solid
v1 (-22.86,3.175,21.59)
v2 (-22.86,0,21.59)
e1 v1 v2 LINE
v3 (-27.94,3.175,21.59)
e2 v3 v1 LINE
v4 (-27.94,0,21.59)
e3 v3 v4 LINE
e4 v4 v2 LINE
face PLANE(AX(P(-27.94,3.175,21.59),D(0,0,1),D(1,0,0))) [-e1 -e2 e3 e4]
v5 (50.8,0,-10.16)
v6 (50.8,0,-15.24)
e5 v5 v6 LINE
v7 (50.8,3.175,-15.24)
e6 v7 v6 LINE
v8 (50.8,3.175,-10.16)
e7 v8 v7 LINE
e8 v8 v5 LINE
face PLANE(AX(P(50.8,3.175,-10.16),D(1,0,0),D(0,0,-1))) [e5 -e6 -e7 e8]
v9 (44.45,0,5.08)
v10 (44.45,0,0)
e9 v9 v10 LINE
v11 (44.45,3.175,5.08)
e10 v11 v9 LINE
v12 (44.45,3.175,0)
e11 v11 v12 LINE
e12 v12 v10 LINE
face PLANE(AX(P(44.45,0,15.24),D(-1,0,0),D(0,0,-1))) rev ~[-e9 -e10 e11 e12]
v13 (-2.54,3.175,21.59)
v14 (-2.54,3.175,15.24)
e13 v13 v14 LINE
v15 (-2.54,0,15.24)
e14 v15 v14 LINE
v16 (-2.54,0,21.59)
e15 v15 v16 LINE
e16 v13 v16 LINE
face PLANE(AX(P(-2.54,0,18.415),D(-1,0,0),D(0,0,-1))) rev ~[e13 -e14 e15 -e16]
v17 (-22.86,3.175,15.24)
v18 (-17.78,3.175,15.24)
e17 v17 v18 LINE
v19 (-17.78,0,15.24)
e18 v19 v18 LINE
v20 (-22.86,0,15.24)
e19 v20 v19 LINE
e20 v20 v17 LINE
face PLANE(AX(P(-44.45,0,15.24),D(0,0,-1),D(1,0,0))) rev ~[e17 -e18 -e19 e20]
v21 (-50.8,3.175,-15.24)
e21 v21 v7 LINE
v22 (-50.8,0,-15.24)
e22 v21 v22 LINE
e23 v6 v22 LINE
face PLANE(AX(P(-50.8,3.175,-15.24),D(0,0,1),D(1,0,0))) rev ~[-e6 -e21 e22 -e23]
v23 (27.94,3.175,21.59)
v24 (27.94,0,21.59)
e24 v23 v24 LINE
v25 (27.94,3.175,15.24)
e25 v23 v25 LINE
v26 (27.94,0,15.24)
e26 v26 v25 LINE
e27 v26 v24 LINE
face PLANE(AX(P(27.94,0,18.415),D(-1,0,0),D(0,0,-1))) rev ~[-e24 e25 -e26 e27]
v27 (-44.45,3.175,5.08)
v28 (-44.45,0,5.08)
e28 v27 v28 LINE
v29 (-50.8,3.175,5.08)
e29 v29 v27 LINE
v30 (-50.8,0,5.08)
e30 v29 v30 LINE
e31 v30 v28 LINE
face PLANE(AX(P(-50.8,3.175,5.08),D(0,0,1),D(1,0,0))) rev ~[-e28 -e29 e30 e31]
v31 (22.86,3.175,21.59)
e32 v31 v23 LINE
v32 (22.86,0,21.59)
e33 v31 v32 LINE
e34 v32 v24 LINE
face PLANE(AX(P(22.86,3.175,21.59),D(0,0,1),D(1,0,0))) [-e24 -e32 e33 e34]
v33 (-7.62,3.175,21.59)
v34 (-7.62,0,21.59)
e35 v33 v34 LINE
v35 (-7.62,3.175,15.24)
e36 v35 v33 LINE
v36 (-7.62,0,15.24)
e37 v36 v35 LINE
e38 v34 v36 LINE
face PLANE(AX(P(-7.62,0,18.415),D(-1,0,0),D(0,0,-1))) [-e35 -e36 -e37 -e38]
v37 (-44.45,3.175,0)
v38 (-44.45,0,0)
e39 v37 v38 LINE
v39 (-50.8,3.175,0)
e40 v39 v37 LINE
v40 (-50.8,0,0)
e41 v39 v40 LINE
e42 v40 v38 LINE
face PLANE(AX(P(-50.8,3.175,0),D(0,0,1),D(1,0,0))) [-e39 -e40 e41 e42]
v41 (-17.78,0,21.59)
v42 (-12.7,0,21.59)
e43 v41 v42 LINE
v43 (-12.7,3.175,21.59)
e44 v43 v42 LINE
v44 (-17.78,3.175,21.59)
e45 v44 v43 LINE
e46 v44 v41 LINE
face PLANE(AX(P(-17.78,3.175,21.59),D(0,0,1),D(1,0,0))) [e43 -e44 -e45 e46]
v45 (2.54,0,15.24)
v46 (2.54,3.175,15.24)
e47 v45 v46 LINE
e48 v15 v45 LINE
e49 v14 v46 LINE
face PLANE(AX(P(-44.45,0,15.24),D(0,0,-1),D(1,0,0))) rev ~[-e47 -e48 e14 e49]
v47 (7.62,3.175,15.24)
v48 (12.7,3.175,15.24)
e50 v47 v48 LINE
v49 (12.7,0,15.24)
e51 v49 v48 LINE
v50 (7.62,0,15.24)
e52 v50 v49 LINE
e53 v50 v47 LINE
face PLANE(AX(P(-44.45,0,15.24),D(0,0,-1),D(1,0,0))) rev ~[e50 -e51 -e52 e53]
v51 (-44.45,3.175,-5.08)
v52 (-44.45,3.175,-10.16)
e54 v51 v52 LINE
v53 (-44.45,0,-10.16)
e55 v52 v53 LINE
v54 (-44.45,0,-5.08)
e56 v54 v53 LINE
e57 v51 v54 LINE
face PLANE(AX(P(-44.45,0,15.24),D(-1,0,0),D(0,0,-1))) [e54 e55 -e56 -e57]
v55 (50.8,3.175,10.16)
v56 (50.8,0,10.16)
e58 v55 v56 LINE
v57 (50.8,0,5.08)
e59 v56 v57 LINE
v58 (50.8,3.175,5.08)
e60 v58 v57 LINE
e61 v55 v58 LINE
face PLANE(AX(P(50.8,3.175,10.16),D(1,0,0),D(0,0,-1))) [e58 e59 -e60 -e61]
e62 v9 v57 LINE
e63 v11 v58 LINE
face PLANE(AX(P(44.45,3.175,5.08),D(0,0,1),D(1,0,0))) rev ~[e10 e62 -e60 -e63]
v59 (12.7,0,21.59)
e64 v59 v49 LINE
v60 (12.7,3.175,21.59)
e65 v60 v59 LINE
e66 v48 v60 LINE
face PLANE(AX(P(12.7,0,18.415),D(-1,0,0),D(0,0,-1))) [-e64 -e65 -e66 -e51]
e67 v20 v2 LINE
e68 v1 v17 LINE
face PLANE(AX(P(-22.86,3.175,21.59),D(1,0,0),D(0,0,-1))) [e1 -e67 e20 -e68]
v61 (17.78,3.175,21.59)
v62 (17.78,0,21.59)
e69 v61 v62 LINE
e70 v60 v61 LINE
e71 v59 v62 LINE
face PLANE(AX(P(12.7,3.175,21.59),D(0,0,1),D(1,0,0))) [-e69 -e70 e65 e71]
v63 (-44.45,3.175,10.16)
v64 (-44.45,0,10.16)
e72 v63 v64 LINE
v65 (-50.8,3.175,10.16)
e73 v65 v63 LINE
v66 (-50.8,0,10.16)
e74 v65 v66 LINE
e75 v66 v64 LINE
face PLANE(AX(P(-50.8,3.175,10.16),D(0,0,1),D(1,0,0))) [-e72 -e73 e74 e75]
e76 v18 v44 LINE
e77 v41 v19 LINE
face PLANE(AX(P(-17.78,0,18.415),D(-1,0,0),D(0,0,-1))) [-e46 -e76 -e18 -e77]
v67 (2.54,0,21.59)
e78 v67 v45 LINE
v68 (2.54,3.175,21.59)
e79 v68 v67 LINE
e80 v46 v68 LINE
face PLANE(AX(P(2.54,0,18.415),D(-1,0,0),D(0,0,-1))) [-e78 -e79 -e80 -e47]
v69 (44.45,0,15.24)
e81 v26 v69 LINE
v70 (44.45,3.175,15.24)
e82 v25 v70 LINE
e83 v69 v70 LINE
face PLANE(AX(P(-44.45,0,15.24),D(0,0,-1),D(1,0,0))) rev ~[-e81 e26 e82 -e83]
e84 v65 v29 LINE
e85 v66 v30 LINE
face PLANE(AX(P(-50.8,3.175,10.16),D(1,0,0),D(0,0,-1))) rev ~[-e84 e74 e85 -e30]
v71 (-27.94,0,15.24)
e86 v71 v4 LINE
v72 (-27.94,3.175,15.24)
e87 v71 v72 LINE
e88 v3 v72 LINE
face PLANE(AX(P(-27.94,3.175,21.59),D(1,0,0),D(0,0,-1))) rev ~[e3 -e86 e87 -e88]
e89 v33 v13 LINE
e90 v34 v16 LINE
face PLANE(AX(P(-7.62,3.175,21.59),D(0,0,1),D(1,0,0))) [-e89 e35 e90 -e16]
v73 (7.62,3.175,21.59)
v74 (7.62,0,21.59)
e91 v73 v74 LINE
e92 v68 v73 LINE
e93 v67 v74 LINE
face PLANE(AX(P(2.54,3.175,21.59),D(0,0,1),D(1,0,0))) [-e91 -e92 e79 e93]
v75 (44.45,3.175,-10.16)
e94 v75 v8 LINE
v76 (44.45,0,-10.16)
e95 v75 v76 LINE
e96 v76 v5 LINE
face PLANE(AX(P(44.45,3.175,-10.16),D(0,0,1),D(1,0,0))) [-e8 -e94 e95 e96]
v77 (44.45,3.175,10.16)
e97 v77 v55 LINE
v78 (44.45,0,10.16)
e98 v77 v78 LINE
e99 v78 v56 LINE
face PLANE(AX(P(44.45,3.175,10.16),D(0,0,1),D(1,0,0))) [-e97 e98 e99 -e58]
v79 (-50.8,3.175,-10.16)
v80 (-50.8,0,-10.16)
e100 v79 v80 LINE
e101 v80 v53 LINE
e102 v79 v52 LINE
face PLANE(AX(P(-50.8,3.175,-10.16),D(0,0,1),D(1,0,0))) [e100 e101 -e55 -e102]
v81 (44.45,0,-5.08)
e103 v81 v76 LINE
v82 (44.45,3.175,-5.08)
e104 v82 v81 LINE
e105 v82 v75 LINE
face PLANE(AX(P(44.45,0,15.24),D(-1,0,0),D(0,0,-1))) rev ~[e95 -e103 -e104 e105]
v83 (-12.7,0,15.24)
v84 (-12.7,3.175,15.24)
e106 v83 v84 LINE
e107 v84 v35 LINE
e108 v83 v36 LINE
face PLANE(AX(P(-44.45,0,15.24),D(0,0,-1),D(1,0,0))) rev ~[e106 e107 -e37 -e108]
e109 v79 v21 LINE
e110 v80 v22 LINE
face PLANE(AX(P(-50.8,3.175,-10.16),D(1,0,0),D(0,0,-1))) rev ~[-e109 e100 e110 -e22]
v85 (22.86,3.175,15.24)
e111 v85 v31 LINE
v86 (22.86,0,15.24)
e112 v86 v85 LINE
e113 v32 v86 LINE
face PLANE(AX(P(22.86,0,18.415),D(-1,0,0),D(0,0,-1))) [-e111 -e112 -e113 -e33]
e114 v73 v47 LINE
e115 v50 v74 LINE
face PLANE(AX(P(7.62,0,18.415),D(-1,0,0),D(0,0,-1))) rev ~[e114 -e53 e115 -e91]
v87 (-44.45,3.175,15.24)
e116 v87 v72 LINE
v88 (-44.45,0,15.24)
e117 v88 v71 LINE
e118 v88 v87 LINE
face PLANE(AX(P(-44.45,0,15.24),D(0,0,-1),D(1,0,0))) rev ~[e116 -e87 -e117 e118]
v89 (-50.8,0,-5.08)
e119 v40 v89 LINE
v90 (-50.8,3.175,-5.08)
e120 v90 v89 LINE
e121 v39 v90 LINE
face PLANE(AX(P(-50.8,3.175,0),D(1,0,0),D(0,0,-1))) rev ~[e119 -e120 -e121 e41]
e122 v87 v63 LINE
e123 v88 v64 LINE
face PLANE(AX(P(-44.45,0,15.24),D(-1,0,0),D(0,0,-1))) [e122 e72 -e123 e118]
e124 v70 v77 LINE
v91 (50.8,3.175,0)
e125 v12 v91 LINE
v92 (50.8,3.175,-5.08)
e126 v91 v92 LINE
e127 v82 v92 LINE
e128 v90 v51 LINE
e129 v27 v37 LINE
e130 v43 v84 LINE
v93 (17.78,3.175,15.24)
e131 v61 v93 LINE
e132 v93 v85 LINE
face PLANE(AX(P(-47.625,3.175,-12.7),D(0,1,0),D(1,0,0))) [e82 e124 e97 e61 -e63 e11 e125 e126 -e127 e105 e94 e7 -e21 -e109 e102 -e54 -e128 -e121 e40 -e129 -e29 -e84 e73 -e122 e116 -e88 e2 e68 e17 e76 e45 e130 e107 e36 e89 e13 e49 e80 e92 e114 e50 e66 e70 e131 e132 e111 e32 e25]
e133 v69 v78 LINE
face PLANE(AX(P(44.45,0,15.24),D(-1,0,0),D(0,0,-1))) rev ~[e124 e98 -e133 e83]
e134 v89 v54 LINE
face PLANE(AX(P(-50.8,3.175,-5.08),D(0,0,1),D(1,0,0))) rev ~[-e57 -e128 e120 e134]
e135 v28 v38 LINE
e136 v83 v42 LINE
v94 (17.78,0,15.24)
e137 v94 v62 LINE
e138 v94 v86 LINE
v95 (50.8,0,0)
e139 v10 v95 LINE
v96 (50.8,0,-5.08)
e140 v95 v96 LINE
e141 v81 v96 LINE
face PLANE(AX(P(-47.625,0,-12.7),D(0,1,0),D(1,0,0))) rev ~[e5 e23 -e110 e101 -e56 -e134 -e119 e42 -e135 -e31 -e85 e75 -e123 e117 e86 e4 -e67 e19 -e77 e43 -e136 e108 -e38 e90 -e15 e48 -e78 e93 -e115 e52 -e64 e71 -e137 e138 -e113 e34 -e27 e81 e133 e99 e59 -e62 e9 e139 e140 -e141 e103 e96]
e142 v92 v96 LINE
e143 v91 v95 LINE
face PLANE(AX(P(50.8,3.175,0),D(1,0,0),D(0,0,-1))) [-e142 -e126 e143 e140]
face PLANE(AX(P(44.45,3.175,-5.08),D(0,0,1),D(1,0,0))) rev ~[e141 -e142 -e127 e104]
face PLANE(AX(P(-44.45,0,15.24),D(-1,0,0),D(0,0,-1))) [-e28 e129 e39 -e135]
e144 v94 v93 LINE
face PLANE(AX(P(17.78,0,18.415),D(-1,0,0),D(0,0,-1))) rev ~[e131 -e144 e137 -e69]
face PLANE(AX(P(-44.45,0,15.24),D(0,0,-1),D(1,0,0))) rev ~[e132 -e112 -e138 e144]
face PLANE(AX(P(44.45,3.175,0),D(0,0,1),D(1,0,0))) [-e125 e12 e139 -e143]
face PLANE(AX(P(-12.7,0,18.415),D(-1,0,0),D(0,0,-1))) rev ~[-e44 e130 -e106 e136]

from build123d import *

# Parameters (mm, degrees)
SKETCH1_W           = 88.9
SKETCH1_H           = 30.48
BOSS_EXTRUDE1_DEPTH = 3.175
SKETCH3_W           = 5.08
SKETCH3_H           = 3.175
BOSS_EXTRUDE2_DEPTH = 3.175
SKETCH4_W           = 5.08
SKETCH4_H           = 3.175
BOSS_EXTRUDE3_DEPTH = 3.175
SKETCH5_W           = 6.35
SKETCH5_H           = 5.08
BOSS_EXTRUDE4_DEPTH = 3.175


with BuildPart() as part:
    # Sketch1 → Boss-Extrude1 (new body)
    with BuildSketch(Plane(origin=(0, 0, 0), x_dir=(1, 0, 0), z_dir=(0, 1, 0))):
        Rectangle(SKETCH1_W, SKETCH1_H)
    extrude(amount=BOSS_EXTRUDE1_DEPTH)

    # Sketch3 → Boss-Extrude2 (add)
    with BuildSketch(Plane(origin=(0, 0, 0), x_dir=(1, 0, 0), z_dir=(0, 1, 0))):
        with Locations((-25.4, -16.8275)):
            Rectangle(SKETCH3_W, SKETCH3_H)
        with Locations((-15.24, -16.8275)):
            Rectangle(SKETCH3_W, SKETCH3_H)
        with Locations((-5.08, -16.8275)):
            Rectangle(SKETCH3_W, SKETCH3_H)
        with Locations((5.08, -16.8275)):
            Rectangle(SKETCH3_W, SKETCH3_H)
        with Locations((15.24, -16.8275)):
            Rectangle(SKETCH3_W, SKETCH3_H)
        with Locations((25.4, -16.8275)):
            Rectangle(SKETCH3_W, SKETCH3_H)
    extrude(amount=BOSS_EXTRUDE2_DEPTH)

    # Sketch4 → Boss-Extrude3 (add)
    with BuildSketch(Plane(origin=(0, 3.175, 0), x_dir=(1, 0, 0), z_dir=(0, 1, 0))):
        with Locations((-25.4, -20.0025)):
            Rectangle(SKETCH4_W, SKETCH4_H)
        with Locations((-15.24, -20.0025)):
            Rectangle(SKETCH4_W, SKETCH4_H)
        with Locations((-5.08, -20.0025)):
            Rectangle(SKETCH4_W, SKETCH4_H)
        with Locations((5.08, -20.0025)):
            Rectangle(SKETCH4_W, SKETCH4_H)
        with Locations((15.24, -20.0025)):
            Rectangle(SKETCH4_W, SKETCH4_H)
        with Locations((25.4, -20.0025)):
            Rectangle(SKETCH4_W, SKETCH4_H)
    extrude(amount=-BOSS_EXTRUDE3_DEPTH)

    # Sketch5 → Boss-Extrude4 (add)
    with BuildSketch(Plane(origin=(0, 3.175, 0), x_dir=(1, 0, 0), z_dir=(0, 1, 0))):
        with Locations((-47.625, 2.54)):
            Rectangle(SKETCH5_W, SKETCH5_H)
        with Locations((-47.625, 12.7)):
            Rectangle(SKETCH5_W, SKETCH5_H)
        with Locations((-47.625, -7.62)):
            Rectangle(SKETCH5_W, SKETCH5_H)
        with Locations((47.625, -7.62)):
            Rectangle(SKETCH5_W, SKETCH5_H)
        with Locations((47.625, 2.54)):
            Rectangle(SKETCH5_W, SKETCH5_H)
        with Locations((47.625, 12.7)):
            Rectangle(SKETCH5_W, SKETCH5_H)
    extrude(amount=-BOSS_EXTRUDE4_DEPTH)


solid = part.part
